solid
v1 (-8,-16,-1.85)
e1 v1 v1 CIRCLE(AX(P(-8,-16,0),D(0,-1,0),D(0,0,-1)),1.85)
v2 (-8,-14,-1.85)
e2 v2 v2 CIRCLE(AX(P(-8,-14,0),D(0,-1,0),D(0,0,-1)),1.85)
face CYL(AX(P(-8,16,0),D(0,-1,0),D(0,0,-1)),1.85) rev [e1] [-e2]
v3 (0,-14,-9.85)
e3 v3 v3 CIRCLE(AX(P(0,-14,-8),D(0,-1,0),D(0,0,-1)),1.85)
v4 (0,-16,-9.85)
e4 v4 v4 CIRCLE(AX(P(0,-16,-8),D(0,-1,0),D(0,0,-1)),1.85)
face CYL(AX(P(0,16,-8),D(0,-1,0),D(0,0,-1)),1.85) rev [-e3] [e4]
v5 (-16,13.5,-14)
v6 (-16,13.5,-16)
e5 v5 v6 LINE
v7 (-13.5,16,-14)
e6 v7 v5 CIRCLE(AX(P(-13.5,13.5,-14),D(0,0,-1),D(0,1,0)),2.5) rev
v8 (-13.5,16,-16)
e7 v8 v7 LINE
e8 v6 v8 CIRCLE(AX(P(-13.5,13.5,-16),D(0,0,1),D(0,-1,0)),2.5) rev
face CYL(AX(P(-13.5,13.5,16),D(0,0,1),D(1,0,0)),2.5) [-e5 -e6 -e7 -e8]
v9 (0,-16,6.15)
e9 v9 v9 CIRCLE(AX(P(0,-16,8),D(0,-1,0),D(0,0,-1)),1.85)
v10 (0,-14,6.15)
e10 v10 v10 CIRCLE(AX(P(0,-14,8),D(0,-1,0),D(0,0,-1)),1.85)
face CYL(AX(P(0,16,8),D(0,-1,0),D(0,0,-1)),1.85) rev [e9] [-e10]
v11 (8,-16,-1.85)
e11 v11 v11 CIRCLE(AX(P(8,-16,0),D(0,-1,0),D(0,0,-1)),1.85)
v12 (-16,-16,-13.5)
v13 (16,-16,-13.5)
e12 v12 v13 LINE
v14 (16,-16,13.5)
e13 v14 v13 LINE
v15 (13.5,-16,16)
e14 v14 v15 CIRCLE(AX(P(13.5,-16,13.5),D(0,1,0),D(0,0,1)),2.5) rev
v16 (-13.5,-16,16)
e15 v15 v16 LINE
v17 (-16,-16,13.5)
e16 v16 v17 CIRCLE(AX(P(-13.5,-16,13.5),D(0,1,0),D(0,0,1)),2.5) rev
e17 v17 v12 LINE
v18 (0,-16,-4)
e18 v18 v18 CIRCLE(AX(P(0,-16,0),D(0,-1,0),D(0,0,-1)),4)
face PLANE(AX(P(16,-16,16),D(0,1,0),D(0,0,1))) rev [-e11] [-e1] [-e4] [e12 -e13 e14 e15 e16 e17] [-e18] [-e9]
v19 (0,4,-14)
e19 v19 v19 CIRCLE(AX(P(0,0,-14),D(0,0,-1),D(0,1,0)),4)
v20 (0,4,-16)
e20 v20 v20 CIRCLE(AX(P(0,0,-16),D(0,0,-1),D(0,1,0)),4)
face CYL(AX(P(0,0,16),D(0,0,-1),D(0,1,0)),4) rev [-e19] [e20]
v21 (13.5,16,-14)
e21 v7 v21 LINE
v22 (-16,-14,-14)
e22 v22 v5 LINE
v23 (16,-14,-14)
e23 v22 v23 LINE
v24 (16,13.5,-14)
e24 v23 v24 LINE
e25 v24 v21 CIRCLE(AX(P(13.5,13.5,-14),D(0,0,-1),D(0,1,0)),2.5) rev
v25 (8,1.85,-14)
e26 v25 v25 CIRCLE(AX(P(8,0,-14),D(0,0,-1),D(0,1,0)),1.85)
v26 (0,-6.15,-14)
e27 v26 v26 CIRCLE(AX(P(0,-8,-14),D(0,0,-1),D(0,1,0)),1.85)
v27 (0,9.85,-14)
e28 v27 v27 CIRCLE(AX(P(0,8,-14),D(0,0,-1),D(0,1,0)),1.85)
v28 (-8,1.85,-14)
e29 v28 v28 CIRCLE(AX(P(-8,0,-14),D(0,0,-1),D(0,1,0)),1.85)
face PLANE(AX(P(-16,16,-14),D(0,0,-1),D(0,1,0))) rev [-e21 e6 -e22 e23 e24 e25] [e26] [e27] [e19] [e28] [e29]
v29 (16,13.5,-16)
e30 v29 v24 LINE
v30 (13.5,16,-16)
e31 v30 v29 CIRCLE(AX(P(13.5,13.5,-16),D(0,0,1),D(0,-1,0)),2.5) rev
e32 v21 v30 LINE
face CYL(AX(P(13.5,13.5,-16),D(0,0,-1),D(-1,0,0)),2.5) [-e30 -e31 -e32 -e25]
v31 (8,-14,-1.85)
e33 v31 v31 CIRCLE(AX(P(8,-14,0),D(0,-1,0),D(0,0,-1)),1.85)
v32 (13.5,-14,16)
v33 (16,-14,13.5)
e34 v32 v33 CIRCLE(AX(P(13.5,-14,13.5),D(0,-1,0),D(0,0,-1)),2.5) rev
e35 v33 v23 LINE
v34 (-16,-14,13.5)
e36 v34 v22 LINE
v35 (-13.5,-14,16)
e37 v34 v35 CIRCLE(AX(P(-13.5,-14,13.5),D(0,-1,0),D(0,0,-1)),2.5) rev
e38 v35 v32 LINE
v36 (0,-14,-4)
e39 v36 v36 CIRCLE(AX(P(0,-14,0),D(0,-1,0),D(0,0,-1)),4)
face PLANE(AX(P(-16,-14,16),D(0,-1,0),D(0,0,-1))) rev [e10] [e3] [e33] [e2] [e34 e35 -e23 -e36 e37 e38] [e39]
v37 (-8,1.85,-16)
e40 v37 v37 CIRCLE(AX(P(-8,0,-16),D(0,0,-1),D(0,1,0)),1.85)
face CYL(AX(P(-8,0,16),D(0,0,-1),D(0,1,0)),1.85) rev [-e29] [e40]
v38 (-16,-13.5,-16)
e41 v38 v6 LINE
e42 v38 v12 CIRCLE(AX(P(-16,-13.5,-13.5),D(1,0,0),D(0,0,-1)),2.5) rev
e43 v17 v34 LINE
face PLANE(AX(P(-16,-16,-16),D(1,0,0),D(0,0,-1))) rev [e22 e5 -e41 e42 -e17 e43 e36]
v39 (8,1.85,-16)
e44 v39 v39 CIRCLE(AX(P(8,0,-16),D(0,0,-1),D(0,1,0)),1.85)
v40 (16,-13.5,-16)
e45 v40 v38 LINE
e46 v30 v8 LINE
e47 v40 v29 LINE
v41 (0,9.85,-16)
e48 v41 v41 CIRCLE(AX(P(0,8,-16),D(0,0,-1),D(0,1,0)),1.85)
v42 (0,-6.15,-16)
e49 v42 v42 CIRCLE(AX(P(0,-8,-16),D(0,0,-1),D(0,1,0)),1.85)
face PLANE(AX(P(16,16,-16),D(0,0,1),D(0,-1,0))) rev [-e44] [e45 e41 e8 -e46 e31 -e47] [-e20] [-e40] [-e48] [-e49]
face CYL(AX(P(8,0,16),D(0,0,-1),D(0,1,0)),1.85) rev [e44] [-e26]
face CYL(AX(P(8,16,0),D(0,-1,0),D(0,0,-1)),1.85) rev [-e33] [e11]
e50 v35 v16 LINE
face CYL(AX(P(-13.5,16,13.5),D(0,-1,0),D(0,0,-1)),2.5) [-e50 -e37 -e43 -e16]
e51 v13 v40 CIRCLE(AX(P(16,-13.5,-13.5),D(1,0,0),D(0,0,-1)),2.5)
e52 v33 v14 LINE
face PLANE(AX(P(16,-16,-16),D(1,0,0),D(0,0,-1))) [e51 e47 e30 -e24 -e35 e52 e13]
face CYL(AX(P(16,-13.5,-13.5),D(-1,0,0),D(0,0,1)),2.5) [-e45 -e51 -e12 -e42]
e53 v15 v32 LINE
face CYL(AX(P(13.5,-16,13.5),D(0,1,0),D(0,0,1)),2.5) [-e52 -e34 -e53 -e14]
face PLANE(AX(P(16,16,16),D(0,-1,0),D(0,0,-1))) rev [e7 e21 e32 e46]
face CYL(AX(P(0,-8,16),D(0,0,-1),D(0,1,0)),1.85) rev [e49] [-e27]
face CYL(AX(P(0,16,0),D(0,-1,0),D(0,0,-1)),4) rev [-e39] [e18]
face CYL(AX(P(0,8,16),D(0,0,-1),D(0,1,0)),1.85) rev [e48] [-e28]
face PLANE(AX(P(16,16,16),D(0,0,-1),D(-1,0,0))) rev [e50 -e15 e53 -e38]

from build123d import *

# Parameters (mm, degrees)
SKETCH1_W           = 32
SKETCH1_H           = 32
BOSS_EXTRUDE1_DEPTH = 16
SKETCH2_W           = 30
SKETCH2_H           = 30
CUT_EXTRUDE1_DEPTH  = 32
SKETCH3_R           = 4
SKETCH3_R_2         = 1.85
CUT_EXTRUDE2_DEPTH  = 33
SKETCH4_R           = 4
SKETCH4_R_2         = 1.85
CUT_EXTRUDE3_DEPTH  = 33
FILLET1_R           = 2.5


with BuildPart() as part:
    # Sketch1 → Boss-Extrude1 (new body, symmetric)
    with BuildSketch(Plane(origin=(0, 0, 0), x_dir=(0, 0, -1), z_dir=(1, 0, 0))):
        Rectangle(SKETCH1_W, SKETCH1_H)
    extrude(amount=BOSS_EXTRUDE1_DEPTH, both=True)

    # Sketch2 → Cut-Extrude1 (cut)
    with BuildSketch(Plane(origin=(16, 0, 0), x_dir=(0, 0, -1), z_dir=(1, 0, 0))):
        with Locations((-1, 1)):
            Rectangle(SKETCH2_W, SKETCH2_H)
    extrude(amount=-CUT_EXTRUDE1_DEPTH, mode=Mode.SUBTRACT)

    # Sketch3 → Cut-Extrude2 (cut, through all)
    with BuildSketch(Plane(origin=(0, 0, -16), x_dir=(-1, 0, 0), z_dir=(0, 0, -1))):
        Circle(SKETCH3_R)
        with Locations((8, 0)):
            Circle(SKETCH3_R_2)
        with Locations((-8, 0)):
            Circle(SKETCH3_R_2)
        with Locations((0, 8)):
            Circle(SKETCH3_R_2)
        with Locations((0, -8)):
            Circle(SKETCH3_R_2)
    extrude(amount=-CUT_EXTRUDE2_DEPTH, mode=Mode.SUBTRACT)

    # Sketch4 → Cut-Extrude3 (cut, through all)
    with BuildSketch(Plane.XZ.offset(16)):
        Circle(SKETCH4_R)
        with Locations((8, 0)):
            Circle(SKETCH4_R_2)
        with Locations((-8, 0)):
            Circle(SKETCH4_R_2)
        with Locations((0, 8)):
            Circle(SKETCH4_R_2)
        with Locations((0, -8)):
            Circle(SKETCH4_R_2)
    extrude(amount=-CUT_EXTRUDE3_DEPTH, mode=Mode.SUBTRACT)

    # Fillet1
    fillet1_edges = [part.edges().sort_by_distance(p)[0] for p in [
        (-16, -15, 16),
        (16, -15, 16),
        (-16, 16, -15),
        (16, 16, -15),
        (0, -16, -16),
    ]]
    fillet(fillet1_edges, radius=FILLET1_R)


solid = part.part
